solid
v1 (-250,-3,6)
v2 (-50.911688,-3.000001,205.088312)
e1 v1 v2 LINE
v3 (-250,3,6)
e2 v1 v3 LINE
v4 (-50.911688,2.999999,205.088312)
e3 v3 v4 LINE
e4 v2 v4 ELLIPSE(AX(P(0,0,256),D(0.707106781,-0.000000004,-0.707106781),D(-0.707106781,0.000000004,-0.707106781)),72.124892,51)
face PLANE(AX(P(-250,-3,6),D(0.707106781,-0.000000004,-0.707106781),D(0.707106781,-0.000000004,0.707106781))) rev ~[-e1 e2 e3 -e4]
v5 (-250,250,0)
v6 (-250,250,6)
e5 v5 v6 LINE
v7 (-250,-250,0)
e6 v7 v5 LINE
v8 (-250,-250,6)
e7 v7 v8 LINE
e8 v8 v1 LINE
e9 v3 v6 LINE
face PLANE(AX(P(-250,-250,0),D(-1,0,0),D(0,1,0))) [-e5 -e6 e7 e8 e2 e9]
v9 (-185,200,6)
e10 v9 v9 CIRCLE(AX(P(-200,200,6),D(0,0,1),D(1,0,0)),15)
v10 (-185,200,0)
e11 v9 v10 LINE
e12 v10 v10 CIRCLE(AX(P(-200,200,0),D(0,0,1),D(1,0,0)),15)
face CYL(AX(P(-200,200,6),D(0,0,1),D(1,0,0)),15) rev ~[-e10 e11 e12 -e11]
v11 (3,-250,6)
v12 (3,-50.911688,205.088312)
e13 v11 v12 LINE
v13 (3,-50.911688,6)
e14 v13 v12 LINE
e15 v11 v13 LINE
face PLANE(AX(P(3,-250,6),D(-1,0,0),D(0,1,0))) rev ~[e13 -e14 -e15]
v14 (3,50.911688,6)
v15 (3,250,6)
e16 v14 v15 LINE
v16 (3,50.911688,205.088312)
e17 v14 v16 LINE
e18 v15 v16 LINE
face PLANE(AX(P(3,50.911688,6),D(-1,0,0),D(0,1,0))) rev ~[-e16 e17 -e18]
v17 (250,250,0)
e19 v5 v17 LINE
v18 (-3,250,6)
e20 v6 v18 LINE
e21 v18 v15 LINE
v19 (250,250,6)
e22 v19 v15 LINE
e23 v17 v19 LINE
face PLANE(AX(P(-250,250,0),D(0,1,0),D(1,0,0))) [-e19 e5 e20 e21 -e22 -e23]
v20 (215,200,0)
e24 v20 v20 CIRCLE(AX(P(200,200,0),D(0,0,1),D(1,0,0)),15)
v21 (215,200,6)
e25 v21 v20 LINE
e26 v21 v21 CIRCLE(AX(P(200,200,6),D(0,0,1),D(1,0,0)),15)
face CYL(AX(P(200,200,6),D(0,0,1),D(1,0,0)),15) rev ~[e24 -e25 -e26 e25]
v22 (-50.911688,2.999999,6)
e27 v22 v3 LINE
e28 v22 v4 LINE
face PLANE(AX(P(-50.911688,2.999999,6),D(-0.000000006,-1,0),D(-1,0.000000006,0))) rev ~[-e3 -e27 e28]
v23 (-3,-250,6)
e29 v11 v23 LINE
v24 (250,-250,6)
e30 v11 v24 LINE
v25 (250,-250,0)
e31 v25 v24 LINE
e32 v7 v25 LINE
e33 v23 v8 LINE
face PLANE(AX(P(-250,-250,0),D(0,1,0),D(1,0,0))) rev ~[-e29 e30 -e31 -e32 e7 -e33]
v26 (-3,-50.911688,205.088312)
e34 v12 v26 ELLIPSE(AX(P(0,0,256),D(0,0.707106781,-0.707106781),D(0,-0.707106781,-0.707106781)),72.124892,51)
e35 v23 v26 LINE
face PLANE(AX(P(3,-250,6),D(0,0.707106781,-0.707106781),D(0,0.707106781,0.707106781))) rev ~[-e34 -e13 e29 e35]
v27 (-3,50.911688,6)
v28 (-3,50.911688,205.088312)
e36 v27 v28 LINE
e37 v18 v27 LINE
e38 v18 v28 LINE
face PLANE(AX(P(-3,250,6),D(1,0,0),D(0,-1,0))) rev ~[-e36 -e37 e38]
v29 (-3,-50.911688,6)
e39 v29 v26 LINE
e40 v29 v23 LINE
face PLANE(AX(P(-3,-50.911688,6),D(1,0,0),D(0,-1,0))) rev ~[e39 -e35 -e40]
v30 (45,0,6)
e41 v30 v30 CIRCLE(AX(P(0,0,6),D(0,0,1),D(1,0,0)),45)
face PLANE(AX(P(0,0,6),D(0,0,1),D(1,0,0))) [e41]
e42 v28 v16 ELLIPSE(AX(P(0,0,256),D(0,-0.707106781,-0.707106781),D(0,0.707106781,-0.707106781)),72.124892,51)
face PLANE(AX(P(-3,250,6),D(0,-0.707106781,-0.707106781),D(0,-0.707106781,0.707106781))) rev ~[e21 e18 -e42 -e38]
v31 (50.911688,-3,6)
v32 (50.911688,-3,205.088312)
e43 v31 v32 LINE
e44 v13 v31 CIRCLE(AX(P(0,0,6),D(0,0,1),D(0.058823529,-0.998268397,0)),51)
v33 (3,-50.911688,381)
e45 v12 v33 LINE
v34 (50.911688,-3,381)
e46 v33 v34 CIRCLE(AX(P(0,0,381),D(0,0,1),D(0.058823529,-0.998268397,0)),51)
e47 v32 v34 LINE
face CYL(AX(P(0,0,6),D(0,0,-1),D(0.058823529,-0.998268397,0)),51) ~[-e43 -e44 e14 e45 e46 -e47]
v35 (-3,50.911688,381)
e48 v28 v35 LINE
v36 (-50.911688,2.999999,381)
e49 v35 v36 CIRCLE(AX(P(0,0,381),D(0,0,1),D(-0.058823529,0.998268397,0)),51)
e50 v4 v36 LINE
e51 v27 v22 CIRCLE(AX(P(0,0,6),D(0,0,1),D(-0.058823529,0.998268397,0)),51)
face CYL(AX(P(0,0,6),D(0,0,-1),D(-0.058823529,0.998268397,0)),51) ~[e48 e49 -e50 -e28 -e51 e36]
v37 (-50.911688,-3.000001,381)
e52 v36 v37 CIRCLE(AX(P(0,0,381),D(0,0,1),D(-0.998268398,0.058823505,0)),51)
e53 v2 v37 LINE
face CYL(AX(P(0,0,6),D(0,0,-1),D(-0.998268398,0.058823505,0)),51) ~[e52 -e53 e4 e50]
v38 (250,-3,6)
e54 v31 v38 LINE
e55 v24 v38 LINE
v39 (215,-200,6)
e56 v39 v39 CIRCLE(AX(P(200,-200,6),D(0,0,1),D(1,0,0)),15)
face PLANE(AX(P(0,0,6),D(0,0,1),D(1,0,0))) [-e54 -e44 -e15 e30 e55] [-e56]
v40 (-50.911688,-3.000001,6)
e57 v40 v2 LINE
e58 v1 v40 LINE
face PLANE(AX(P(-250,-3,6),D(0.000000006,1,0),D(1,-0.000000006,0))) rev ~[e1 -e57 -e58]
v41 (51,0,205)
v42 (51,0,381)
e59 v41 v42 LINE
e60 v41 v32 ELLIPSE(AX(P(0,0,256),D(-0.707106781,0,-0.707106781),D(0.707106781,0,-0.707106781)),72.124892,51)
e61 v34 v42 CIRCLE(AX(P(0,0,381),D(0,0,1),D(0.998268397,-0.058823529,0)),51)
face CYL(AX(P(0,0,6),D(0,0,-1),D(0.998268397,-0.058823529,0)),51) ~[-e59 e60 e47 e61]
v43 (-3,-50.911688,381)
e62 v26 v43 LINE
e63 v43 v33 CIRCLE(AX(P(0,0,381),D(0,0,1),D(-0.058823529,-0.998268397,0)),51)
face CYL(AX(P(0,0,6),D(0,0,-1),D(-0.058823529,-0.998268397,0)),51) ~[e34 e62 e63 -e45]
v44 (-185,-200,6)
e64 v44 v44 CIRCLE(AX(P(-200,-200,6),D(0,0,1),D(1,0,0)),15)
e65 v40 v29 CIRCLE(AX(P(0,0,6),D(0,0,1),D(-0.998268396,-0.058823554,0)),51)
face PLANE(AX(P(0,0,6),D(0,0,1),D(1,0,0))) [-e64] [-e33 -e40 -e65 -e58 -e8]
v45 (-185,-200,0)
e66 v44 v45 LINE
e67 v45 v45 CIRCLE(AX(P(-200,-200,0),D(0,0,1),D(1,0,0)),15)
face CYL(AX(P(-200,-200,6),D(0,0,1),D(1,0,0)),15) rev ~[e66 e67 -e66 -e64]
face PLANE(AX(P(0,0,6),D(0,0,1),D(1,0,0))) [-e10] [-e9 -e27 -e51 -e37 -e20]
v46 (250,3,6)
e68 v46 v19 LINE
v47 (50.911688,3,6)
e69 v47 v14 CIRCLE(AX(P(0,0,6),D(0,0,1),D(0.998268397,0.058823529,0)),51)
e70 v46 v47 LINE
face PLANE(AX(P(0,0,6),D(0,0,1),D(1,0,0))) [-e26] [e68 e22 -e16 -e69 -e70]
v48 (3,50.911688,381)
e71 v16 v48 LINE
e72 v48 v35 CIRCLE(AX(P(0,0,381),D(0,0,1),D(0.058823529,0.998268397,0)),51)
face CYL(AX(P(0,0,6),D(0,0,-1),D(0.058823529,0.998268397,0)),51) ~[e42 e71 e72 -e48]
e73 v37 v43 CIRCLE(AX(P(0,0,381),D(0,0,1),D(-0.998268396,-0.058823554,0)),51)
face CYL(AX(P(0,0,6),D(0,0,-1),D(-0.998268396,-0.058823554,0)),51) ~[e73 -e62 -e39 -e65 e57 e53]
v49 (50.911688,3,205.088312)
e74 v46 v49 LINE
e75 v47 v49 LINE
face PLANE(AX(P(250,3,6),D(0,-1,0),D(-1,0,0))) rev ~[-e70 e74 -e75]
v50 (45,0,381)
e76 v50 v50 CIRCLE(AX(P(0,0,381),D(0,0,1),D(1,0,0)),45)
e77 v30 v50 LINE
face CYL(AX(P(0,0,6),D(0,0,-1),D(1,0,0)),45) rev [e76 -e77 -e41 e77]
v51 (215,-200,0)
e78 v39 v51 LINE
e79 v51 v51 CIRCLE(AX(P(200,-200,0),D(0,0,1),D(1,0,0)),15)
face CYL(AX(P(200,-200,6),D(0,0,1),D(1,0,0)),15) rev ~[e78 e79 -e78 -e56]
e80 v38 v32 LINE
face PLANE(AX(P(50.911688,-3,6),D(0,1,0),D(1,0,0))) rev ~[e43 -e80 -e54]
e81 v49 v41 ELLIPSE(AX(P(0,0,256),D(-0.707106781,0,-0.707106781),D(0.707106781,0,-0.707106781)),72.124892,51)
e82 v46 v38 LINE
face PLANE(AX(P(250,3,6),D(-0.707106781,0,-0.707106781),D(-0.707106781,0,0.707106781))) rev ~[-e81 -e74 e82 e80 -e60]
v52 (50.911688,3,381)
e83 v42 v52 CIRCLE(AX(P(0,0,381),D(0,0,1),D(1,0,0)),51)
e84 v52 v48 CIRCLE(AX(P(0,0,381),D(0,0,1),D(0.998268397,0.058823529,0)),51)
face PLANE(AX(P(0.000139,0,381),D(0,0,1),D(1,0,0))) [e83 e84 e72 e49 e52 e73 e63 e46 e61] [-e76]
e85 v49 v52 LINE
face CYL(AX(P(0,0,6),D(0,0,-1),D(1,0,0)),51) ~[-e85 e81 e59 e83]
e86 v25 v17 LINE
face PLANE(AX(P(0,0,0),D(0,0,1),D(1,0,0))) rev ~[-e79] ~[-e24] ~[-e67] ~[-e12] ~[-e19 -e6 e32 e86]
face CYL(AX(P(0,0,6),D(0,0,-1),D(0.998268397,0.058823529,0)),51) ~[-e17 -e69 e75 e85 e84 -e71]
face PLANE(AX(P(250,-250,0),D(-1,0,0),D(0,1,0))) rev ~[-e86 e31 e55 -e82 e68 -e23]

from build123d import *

# Parameters (mm, degrees)
F0_W      = 500
F0_H      = 500
F1_DEPTH  = 6
F3_DEPTH  = 200.09
F5_DEPTH  = 25
F8_DEPTH  = 25
F9_DEPTH  = 25
F2_R      = 15
F10_DEPTH = 25
F12_DEPTH = 25
F2_R_2    = 45
F13_DEPTH = 375


with BuildPart() as f1:
    # F0 (on Top) → F1 (new body)
    with BuildSketch(Plane.XY):
        Rectangle(F0_W, F0_H)
    extrude(amount=F1_DEPTH)

    # F2 (on face) → F3 (join)
    with BuildSketch(Plane.XY.offset(6)):
        with BuildLine():
            ThreePointArc((-3, 50.9116882454), (0, 51), (3, 50.9116882454))
            Line((3, 50.9116882454), (3, 250))
            Line((3, 250), (-3, 250))
            Line((-3, 250), (-3, 50.9116882454))
        make_face()
        with BuildLine():
            ThreePointArc((50.9116882454, 3), (50.9779172805, 1.5006497731), (51, 0))
            ThreePointArc((51, 0), (50.9779172805, -1.5006497731), (50.9116882454, -3))
            Line((50.9116882454, -3), (250, -3))
            Line((250, -3), (250, 3))
            Line((250, 3), (50.9116882454, 3))
        make_face()
        with BuildLine():
            ThreePointArc((-50.9116881716, -3.0000012524), (-51, -1.2546e-06), (-50.9116883192, 2.9999987476))
            Line((-50.9116883192, 2.9999987476), (-250, 3))
            Line((-250, 3), (-250, -3))
            Line((-250, -3), (-50.9116881716, -3.0000012524))
        make_face()
        with BuildLine():
            Line((3, -250), (3, -50.9116882454))
            ThreePointArc((3, -50.9116882454), (0, -51), (-3, -50.9116882454))
            Line((-3, -50.9116882454), (-3, -250))
            Line((-3, -250), (3, -250))
        make_face()
    extrude(amount=F3_DEPTH)

    # F4 (on face) → F5 (cut)
    with BuildSketch(Plane(origin=(0, 3, 0), x_dir=(-1, 0, 0), z_dir=(0, 1, 0))):
        Polygon((-250, 206.09), (-250, 6), (-50.9116882454, 205.0883117546), (-50.9116882454, 206.09), align=None)
    extrude(amount=-F5_DEPTH, mode=Mode.SUBTRACT)

    # F6 (on face) → F8 (cut)
    with BuildSketch(Plane.YZ.offset(3)):
        Polygon((-250, 206.09), (-250, 6), (-50.9116882454, 205.0883117546), (-50.9116882454, 206.09), align=None)
    extrude(amount=-F8_DEPTH, mode=Mode.SUBTRACT)

    # F7 (on face) → F9 (cut)
    with BuildSketch(Plane(origin=(-3, 0, 0), x_dir=(0, -1, 0), z_dir=(-1, 0, 0))):
        Polygon((-250, 206.09), (-250, 6), (-50.9116882454, 205.0883117546), (-50.9116882454, 206.09), align=None)
    extrude(amount=-F9_DEPTH, mode=Mode.SUBTRACT)

    # F2 (on face) → F10 (cut)
    with BuildSketch(Plane.XY.offset(6)):
        with Locations((-200, -200)):
            Circle(F2_R)
        with Locations((200, -200)):
            Circle(F2_R)
        with Locations((200, 200)):
            Circle(F2_R)
        with Locations((-200, 200)):
            Circle(F2_R)
    extrude(amount=-F10_DEPTH, mode=Mode.SUBTRACT)

    # F11 (on face) → F12 (cut)
    with BuildSketch(Plane(origin=(-1.89e-08, -3.0000015726, 0), x_dir=(1, -6.3e-09, 0), z_dir=(-6.3e-09, -1, 0))):
        Polygon((-249.9999999811, 206.09), (-249.9999999811, 6), (-50.9116881528, 205.0883118284), (-50.9116881528, 206.09), align=None)
    extrude(amount=-F12_DEPTH, mode=Mode.SUBTRACT)

    # F2 (on face) → F13 (join)
    with BuildSketch(Plane.XY.offset(6)):
        with BuildLine():
            ThreePointArc((50.9116882454, -3), (50.9779172805, -1.5006497731), (51, 0))
            ThreePointArc((51, 0), (50.9779172805, 1.5006497731), (50.9116882454, 3))
            ThreePointArc((50.9116882454, 3), (36.0624458405, 36.0624458405), (3, 50.9116882454))
            ThreePointArc((3, 50.9116882454), (0, 51), (-3, 50.9116882454))
            ThreePointArc((-3, 50.9116882454), (-36.0624462841, 36.062445397), (-50.9116883192, 2.9999987476))
            ThreePointArc((-50.9116883192, 2.9999987476), (-51, -1.2546e-06), (-50.9116881716, -3.0000012524))
            ThreePointArc((-50.9116881716, -3.0000012524), (-36.062445397, -36.0624462841), (-3, -50.9116882454))
            ThreePointArc((-3, -50.9116882454), (0, -51), (3, -50.9116882454))
            ThreePointArc((3, -50.9116882454), (36.0624458405, -36.0624458405), (50.9116882454, -3))
        make_face()
        Circle(F2_R_2, mode=Mode.SUBTRACT)
    extrude(amount=F13_DEPTH)


solid = f1.part
